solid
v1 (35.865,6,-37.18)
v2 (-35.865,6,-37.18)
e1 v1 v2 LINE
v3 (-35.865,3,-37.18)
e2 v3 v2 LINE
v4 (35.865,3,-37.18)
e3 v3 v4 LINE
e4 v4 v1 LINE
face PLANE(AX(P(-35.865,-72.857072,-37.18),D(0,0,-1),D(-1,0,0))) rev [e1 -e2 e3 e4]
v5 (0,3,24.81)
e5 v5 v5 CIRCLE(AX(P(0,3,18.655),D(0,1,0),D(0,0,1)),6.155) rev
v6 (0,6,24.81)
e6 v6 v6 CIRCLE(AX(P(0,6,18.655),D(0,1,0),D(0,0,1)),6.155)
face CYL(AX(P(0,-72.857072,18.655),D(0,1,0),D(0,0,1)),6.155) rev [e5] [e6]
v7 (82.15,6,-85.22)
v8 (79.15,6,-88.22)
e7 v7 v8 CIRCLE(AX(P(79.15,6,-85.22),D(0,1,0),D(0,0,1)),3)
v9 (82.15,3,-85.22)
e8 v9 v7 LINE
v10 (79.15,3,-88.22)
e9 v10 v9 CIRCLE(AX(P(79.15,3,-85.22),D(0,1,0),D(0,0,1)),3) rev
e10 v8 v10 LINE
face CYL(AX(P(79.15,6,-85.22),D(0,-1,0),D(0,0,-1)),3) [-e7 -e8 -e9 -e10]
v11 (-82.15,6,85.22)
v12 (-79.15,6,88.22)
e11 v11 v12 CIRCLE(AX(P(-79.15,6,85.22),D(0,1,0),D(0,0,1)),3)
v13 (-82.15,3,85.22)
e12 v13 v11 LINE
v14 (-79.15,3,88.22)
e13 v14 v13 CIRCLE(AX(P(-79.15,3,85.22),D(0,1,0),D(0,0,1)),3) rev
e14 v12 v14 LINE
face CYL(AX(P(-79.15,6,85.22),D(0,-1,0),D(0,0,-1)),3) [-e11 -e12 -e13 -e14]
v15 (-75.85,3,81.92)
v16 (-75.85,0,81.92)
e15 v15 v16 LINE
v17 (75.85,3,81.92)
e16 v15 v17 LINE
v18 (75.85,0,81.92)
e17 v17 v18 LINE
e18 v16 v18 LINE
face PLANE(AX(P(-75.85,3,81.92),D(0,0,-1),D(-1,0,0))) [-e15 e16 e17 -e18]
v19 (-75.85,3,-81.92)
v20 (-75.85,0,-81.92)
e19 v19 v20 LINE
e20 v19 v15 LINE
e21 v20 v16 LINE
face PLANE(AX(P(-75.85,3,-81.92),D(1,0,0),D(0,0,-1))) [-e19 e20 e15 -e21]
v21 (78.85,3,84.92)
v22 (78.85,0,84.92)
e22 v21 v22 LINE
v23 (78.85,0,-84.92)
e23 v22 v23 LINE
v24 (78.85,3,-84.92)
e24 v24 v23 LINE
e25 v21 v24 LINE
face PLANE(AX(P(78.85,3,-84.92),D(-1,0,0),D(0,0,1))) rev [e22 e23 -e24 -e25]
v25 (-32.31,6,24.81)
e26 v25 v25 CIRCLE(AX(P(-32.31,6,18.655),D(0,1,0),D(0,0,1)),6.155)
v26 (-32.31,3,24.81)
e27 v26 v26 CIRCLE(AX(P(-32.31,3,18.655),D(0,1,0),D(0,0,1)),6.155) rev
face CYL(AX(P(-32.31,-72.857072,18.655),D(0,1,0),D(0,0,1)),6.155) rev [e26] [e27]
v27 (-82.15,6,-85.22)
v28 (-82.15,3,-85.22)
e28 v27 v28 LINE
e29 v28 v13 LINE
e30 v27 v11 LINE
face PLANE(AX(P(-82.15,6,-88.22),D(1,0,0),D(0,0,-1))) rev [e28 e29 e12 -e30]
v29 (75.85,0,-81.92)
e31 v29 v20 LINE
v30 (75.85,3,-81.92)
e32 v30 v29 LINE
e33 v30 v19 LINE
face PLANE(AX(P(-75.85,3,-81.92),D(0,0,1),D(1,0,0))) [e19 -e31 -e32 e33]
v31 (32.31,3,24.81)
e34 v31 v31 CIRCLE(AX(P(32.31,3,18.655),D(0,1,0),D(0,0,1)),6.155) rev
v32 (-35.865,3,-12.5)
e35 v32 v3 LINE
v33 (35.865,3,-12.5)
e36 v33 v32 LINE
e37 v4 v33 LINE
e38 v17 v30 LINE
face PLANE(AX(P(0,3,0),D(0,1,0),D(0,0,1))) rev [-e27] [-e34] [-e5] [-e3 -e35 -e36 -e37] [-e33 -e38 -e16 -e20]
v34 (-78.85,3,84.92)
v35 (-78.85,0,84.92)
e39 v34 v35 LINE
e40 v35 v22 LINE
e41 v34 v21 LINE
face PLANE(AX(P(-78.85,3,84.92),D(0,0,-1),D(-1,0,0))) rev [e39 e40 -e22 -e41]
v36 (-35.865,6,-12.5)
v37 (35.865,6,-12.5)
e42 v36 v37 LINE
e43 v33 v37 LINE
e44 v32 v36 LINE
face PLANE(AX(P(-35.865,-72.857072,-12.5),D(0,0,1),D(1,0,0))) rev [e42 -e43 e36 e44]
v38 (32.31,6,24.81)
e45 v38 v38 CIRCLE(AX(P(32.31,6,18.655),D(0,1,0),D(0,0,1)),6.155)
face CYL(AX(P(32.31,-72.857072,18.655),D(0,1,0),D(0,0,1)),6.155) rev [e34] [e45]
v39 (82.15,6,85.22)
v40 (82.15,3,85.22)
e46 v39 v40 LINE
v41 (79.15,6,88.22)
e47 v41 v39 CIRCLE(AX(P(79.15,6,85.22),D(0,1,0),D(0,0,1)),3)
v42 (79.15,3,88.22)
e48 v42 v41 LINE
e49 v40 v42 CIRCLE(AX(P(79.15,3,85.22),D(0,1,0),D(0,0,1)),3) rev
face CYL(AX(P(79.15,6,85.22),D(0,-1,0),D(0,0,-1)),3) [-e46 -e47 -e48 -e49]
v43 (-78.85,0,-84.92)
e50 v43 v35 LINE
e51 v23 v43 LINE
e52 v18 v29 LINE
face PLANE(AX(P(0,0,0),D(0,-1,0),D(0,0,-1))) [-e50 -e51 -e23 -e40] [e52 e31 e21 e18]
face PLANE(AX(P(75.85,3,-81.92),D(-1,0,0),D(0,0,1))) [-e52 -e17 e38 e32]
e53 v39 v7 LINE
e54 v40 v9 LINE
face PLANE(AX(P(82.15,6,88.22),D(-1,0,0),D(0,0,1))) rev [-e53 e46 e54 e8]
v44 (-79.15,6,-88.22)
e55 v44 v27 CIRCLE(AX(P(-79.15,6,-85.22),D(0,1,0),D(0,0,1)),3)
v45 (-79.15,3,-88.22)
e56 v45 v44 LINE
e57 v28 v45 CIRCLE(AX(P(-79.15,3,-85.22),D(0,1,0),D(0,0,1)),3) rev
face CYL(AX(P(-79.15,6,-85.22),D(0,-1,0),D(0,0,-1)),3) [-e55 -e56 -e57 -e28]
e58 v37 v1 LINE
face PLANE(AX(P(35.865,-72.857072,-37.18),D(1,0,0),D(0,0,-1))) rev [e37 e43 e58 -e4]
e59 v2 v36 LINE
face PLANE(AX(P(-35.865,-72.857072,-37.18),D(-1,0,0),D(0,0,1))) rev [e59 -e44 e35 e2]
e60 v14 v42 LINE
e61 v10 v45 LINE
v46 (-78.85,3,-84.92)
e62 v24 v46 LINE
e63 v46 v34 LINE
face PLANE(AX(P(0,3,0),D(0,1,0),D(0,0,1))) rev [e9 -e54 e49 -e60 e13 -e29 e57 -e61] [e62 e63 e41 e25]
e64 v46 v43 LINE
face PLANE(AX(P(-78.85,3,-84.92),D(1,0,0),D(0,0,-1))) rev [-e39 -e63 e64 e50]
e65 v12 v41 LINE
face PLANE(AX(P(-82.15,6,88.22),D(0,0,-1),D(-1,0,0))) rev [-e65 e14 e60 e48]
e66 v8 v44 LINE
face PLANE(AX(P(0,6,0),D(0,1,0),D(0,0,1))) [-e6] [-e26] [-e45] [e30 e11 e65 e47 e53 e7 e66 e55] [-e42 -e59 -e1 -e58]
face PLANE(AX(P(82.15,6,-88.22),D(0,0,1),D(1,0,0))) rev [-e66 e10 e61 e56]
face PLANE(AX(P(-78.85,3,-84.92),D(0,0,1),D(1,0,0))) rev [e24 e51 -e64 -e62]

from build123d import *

# Parameters (mm, degrees)
SKETCH1_W           = 157.7
SKETCH1_H           = 169.84
SKETCH1_W_2         = 151.7
SKETCH1_H_2         = 163.84
BOSS_EXTRUDE1_DEPTH = 3
SKETCH2_W           = 164.3
SKETCH2_H           = 176.44
BOSS_EXTRUDE2_DEPTH = 3
SKETCH3_R           = 6.155
SKETCH3_W           = 71.73
SKETCH3_H           = 24.68
CUT_EXTRUDE1_DEPTH  = 3
FILLET1_R           = 3


with BuildPart() as part:
    # Sketch1 → Boss-Extrude1 (new body)
    with BuildSketch(Plane(origin=(0, 0, 0), x_dir=(1, 0, 0), z_dir=(0, 1, 0))):
        Rectangle(SKETCH1_W, SKETCH1_H)
        Rectangle(SKETCH1_W_2, SKETCH1_H_2, mode=Mode.SUBTRACT)
    extrude(amount=BOSS_EXTRUDE1_DEPTH)

    # Sketch2 → Boss-Extrude2 (add)
    with BuildSketch(Plane(origin=(0, 3, 0), x_dir=(1, 0, 0), z_dir=(0, 1, 0))):
        Rectangle(SKETCH2_W, SKETCH2_H)
    extrude(amount=BOSS_EXTRUDE2_DEPTH)

    # Sketch3 → Cut-Extrude1 (cut)
    with BuildSketch(Plane(origin=(0, 6, 0), x_dir=(1, 0, 0), z_dir=(0, 1, 0))):
        with Locations((0, -18.655)):
            Circle(SKETCH3_R)
        with Locations((32.31, -18.655)):
            Circle(SKETCH3_R)
        with Locations((-32.31, -18.655)):
            Circle(SKETCH3_R)
        with Locations((0, 24.84)):
            Rectangle(SKETCH3_W, SKETCH3_H)
    extrude(amount=-CUT_EXTRUDE1_DEPTH, mode=Mode.SUBTRACT)

    # Fillet1
    fillet1_edges = [part.edges().sort_by_distance(p)[0] for p in [
        (82.15, 4.5, 88.22),
        (82.15, 4.5, -88.22),
        (-82.15, 4.5, -88.22),
        (-82.15, 4.5, 88.22),
    ]]
    fillet(fillet1_edges, radius=FILLET1_R)


solid = part.part
